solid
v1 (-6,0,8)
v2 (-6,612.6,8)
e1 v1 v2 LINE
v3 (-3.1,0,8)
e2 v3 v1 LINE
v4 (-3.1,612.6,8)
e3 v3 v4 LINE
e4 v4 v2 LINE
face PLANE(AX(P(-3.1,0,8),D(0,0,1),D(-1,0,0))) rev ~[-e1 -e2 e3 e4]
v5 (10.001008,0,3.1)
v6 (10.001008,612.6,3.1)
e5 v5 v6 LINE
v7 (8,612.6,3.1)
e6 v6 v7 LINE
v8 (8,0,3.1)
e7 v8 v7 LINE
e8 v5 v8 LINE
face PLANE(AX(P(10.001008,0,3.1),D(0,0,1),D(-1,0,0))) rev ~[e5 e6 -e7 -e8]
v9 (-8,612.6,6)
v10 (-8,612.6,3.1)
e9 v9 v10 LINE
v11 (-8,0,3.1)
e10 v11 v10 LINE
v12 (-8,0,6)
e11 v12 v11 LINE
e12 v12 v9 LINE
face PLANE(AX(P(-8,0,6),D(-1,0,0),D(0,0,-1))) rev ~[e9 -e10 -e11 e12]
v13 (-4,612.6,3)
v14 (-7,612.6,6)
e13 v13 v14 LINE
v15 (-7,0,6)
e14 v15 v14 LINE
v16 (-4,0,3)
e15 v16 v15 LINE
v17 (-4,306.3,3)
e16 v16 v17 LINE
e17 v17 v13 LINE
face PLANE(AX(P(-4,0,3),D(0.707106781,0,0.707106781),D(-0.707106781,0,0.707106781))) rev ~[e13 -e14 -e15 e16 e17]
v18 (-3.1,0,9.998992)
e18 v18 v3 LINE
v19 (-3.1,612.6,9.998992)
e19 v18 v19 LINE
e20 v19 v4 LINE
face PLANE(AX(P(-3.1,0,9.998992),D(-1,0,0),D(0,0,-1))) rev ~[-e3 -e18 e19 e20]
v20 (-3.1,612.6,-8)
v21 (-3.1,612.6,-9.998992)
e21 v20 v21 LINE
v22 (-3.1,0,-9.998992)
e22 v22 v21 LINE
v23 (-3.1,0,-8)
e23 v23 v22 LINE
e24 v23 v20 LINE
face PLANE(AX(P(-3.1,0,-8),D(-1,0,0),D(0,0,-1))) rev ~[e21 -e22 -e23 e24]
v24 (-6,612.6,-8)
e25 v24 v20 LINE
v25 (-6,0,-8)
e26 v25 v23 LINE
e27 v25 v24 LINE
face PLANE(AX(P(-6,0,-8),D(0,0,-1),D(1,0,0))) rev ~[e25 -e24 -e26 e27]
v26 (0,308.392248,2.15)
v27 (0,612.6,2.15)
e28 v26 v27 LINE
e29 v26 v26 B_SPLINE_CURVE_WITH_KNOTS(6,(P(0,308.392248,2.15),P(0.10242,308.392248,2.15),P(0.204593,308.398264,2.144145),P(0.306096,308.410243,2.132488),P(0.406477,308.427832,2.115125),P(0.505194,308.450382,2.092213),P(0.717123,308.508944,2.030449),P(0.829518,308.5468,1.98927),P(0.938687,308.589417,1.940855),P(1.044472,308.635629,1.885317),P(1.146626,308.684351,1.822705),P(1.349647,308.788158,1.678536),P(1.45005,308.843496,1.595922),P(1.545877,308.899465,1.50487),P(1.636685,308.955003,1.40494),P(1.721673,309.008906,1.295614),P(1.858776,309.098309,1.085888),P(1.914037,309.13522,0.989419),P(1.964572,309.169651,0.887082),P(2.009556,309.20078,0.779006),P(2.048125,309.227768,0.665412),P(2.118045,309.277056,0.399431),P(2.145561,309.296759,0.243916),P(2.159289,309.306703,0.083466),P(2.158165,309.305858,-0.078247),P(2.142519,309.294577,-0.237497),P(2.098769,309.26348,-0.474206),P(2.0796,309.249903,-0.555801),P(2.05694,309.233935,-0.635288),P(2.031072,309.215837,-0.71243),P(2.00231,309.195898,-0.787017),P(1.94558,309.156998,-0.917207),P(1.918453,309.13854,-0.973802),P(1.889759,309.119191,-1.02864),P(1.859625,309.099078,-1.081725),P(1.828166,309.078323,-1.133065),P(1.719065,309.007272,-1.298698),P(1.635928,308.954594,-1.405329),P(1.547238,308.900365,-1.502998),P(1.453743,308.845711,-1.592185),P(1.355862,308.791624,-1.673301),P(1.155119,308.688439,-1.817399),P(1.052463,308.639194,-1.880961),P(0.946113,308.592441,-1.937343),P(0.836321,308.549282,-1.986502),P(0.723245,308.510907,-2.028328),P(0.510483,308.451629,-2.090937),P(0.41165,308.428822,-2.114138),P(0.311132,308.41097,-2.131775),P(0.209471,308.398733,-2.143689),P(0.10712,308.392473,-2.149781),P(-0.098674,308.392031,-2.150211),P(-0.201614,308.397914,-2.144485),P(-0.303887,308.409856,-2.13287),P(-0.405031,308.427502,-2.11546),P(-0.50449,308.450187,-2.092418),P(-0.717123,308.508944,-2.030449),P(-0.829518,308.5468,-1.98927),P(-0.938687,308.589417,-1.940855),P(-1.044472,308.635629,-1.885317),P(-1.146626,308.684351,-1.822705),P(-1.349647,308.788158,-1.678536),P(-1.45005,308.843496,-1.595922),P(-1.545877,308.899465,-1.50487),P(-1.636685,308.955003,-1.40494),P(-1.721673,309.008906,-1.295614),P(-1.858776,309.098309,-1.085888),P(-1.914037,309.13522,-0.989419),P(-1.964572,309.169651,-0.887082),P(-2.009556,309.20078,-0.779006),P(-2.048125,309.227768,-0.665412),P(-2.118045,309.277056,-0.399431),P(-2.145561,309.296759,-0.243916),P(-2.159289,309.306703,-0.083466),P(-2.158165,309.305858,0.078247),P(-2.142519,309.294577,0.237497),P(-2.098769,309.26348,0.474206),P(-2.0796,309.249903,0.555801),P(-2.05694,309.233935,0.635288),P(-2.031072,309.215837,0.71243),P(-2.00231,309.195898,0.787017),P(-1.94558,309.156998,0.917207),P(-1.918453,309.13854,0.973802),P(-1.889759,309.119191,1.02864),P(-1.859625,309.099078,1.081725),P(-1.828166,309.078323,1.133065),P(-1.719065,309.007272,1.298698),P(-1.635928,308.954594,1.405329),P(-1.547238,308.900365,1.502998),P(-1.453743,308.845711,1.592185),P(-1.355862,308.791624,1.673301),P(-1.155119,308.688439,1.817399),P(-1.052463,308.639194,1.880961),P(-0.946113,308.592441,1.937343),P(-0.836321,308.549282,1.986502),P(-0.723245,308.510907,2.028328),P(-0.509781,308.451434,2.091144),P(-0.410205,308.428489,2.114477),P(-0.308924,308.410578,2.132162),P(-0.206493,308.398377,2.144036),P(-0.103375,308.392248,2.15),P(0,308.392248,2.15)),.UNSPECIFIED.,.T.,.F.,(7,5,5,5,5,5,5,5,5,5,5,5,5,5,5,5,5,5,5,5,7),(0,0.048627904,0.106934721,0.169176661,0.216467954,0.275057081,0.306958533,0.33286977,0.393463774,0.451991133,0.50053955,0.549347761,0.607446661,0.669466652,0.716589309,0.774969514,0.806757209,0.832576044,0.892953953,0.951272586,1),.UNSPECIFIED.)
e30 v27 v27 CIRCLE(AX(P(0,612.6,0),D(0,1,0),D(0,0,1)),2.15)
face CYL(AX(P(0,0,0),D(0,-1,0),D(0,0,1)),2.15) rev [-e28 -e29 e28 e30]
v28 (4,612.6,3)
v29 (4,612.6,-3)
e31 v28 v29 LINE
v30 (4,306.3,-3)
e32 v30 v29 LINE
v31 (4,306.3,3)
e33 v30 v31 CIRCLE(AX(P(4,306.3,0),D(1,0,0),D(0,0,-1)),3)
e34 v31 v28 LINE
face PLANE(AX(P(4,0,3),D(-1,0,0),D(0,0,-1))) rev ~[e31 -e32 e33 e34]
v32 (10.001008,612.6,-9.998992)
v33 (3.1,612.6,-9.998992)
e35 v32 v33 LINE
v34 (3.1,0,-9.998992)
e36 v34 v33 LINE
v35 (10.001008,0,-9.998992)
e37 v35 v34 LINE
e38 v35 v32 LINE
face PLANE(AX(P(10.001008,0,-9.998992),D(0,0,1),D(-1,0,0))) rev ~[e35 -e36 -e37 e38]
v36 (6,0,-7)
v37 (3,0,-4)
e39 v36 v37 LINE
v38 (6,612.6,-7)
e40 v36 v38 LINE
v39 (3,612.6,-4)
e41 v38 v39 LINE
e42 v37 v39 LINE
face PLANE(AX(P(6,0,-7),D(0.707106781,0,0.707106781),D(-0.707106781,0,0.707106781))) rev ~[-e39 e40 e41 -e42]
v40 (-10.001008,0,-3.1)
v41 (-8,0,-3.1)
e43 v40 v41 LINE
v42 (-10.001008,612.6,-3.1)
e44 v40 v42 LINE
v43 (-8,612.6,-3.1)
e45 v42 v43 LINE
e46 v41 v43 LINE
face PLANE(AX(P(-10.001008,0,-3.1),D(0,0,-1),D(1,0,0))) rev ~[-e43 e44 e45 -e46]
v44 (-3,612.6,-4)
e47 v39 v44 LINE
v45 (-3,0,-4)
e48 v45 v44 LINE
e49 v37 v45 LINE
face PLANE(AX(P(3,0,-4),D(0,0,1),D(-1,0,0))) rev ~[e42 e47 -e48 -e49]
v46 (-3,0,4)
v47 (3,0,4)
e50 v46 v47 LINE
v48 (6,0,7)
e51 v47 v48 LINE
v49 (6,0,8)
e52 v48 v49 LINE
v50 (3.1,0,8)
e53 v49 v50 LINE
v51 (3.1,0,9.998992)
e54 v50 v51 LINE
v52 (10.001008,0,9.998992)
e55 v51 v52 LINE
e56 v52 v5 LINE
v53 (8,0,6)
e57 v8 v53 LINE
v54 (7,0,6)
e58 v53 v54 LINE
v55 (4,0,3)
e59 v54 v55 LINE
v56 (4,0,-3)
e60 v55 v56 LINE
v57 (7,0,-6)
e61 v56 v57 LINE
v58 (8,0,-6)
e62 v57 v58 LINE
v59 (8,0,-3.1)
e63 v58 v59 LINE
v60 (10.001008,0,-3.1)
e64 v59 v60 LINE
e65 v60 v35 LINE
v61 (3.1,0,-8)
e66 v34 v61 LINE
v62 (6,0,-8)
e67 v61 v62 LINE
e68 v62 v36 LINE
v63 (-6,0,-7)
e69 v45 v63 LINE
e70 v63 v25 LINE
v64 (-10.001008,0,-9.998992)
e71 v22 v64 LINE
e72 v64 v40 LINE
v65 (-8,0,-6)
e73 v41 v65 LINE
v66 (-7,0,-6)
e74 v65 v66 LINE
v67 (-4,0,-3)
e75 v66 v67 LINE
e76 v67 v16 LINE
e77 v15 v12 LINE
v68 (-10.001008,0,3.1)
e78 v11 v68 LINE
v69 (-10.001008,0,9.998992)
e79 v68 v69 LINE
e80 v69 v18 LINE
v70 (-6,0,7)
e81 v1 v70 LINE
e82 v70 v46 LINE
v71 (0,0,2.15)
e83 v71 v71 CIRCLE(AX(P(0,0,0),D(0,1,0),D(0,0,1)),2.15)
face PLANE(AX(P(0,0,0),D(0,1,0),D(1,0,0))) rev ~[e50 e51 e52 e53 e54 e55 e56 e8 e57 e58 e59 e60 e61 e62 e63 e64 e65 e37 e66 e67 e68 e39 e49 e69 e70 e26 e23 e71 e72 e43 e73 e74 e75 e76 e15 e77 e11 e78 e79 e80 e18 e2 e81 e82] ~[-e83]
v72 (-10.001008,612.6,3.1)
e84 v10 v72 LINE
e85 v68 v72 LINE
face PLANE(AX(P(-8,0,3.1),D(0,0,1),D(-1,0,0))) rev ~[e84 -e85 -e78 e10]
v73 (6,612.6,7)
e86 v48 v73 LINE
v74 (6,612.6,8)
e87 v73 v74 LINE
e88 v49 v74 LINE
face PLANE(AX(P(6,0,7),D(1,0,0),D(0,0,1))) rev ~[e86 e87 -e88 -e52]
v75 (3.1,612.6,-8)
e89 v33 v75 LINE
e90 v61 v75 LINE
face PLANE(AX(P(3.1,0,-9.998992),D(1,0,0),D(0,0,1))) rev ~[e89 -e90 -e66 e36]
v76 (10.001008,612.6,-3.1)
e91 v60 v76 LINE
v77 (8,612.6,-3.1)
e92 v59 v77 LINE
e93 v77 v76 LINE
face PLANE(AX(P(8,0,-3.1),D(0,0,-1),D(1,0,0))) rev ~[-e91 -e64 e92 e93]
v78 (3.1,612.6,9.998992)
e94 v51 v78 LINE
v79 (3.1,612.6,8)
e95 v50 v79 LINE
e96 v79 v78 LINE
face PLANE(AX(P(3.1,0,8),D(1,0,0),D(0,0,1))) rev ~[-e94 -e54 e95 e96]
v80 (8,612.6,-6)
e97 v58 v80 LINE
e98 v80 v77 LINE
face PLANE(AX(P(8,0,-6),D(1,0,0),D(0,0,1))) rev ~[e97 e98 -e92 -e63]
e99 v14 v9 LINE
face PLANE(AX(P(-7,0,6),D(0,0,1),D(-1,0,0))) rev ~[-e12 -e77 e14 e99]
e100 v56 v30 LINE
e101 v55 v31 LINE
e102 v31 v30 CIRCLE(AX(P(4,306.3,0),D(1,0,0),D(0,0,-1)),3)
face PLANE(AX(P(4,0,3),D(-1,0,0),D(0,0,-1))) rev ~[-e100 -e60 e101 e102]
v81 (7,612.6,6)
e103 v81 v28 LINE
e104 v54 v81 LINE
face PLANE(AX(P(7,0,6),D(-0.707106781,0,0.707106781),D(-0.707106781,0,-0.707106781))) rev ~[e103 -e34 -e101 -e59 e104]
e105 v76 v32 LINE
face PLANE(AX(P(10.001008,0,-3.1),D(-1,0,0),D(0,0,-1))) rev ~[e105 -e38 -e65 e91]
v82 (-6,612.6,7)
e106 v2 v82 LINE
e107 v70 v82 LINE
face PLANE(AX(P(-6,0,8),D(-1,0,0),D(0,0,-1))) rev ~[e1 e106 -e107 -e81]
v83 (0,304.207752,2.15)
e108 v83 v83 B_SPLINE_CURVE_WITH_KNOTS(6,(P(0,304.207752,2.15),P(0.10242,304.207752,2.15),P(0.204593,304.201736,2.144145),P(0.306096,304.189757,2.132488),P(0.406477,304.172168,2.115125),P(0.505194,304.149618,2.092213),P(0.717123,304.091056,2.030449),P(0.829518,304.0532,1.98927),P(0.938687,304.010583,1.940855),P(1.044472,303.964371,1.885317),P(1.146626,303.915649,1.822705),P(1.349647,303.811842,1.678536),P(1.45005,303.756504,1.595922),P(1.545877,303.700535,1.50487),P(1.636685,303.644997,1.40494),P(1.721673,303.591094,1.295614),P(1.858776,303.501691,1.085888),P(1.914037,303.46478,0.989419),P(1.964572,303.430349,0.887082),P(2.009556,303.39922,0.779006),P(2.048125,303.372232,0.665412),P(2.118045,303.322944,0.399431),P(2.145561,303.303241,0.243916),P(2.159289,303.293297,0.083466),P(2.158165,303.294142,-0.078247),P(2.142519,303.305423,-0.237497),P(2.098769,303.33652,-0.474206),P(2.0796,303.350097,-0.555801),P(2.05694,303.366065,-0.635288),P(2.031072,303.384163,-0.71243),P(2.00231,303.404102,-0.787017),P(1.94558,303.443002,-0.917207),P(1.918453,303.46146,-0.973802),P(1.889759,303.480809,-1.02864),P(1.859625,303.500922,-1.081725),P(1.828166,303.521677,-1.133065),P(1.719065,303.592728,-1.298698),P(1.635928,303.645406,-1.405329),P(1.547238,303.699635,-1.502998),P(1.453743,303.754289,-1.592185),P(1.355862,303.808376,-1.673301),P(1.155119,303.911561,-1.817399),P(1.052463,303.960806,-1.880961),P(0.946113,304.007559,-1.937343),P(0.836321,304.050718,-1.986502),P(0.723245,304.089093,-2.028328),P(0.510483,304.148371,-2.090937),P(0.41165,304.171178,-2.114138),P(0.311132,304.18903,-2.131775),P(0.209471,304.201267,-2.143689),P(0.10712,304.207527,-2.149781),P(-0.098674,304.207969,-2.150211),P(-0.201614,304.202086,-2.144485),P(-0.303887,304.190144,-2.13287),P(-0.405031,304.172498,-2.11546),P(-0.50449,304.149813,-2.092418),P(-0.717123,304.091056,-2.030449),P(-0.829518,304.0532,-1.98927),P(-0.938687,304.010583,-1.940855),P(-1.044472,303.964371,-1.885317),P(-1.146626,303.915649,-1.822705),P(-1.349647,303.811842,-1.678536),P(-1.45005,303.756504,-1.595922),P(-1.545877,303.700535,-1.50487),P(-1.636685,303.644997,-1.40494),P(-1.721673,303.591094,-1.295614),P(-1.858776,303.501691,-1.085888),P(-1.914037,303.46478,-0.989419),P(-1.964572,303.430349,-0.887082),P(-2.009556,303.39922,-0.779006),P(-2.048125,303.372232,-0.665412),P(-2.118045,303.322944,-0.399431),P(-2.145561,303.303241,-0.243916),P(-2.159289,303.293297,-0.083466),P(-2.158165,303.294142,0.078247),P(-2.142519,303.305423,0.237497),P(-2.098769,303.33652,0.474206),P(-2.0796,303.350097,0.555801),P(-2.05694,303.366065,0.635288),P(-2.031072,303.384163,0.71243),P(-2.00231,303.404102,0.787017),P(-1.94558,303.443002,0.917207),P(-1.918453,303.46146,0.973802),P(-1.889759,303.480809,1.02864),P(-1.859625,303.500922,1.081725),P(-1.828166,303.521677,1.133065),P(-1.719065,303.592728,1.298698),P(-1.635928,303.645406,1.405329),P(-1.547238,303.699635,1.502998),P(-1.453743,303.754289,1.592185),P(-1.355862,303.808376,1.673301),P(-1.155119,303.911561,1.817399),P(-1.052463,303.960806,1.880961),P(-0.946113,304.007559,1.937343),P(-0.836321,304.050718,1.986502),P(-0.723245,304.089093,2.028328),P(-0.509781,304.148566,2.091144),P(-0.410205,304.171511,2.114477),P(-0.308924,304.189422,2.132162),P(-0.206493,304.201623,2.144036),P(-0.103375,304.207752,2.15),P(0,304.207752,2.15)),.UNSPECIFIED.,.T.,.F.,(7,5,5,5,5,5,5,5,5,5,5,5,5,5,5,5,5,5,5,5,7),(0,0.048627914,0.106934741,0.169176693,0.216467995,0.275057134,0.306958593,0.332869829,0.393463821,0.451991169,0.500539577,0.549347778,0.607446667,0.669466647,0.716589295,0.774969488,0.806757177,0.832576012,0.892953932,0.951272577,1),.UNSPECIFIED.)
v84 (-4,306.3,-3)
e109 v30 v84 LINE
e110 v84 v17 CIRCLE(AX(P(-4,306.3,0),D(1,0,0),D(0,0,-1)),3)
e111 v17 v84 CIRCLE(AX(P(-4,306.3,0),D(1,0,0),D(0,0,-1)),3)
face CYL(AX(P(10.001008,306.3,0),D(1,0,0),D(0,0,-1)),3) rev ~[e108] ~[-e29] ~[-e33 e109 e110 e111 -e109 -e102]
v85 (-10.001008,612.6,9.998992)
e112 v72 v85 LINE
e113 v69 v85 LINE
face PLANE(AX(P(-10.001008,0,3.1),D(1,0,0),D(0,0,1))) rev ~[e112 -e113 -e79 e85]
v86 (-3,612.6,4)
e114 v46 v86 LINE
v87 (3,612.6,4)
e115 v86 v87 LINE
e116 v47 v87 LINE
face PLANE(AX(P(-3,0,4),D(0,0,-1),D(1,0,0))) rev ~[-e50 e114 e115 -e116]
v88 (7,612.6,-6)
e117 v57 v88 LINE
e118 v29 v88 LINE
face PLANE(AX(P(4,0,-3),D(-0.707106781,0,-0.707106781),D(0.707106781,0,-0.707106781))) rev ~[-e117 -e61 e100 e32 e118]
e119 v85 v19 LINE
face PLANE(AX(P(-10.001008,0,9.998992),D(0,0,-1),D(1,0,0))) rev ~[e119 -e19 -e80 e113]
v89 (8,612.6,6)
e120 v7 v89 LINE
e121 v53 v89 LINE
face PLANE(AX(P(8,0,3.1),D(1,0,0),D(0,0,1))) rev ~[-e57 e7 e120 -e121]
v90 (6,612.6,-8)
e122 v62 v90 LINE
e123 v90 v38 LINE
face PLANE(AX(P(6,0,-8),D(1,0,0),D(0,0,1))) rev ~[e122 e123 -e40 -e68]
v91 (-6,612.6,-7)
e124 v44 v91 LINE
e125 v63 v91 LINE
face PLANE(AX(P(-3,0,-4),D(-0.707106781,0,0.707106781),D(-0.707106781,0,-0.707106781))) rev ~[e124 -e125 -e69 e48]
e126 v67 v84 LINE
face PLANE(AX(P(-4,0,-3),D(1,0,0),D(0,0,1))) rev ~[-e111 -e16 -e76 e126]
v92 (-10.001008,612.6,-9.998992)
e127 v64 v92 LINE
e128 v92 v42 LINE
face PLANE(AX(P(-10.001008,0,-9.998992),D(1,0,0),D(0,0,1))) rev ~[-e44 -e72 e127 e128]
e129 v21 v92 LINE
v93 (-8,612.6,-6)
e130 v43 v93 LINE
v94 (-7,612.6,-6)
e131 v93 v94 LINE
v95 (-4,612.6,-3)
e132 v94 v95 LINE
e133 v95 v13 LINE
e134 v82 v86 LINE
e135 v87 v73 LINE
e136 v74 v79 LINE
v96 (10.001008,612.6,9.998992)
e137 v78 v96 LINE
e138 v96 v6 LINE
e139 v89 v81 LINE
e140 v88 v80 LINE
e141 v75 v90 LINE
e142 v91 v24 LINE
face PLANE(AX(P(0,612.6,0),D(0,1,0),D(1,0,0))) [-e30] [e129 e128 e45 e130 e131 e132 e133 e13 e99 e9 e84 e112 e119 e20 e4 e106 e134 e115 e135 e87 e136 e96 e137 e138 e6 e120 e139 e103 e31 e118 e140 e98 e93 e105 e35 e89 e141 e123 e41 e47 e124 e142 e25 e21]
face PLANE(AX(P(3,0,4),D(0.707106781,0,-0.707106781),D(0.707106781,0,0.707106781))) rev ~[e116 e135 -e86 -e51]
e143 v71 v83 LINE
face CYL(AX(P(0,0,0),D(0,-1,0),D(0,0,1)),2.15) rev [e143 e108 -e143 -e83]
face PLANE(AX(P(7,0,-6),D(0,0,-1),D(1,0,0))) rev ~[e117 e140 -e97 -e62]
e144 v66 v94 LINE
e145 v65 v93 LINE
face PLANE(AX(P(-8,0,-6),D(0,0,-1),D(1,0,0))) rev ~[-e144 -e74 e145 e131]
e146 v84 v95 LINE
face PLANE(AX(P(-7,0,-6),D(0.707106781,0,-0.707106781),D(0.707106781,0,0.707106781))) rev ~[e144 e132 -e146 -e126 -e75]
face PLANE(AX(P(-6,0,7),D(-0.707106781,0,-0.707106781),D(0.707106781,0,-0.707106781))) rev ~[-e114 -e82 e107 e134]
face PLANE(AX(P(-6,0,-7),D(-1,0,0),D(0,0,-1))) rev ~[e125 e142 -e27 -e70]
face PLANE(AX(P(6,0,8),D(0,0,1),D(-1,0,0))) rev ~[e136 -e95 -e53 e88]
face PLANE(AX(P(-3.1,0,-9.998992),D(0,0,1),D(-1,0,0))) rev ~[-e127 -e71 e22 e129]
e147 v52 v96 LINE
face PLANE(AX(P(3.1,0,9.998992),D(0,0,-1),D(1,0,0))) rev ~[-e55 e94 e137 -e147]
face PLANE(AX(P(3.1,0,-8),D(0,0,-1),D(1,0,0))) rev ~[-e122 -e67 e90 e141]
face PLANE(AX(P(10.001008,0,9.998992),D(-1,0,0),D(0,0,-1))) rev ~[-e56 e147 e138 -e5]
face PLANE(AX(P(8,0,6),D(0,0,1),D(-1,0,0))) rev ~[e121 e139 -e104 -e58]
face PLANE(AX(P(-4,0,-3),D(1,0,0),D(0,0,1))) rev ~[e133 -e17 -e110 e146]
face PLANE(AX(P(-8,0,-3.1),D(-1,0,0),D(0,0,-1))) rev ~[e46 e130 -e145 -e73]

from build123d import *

# Parameters (mm, degrees)
SKETCH_1_R          = 2.15
EXTRUDE_1_DEPTH     = 612.6
SKETCH_3_R          = 3
CUT_EXTRUDE_1_DEPTH = 26


with BuildPart() as part:
    # 스케치1 → 보스-돌출1 (new body)
    with BuildSketch(Plane(origin=(0, 0, 0), x_dir=(1, 0, 0), z_dir=(0, 1, 0))):
        Polygon((3.1, 8), (6, 8), (6, 7), (3, 4), (0, 4), (-3, 4), (-6, 7), (-6, 8), (-3.1, 8), (-3.1, 9.998992087), (-10.001007855, 9.998992087), (-10.001007855, 3.1), (-8, 3.1), (-8, 6), (-7, 6), (-4, 3), (-4, 0), (-4, -3), (-7, -6), (-8, -6), (-8, -3.1), (-10.001007855, -3.1), (-10.001007855, -9.998992087), (-3.1, -9.998992087), (-3.1, -8), (-6, -8), (-6, -7), (-3, -4), (0, -4), (3, -4), (6, -7), (6, -8), (3.1, -8), (3.1, -9.998992087), (10.001007855, -9.998992087), (10.001007855, -3.1), (8, -3.1), (8, -6), (7, -6), (4, -3), (4, 0), (4, 3), (7, 6), (8, 6), (8, 3.1), (10.001007855, 3.1), (10.001007855, 9.998992087), (3.1, 9.998992087), align=None)
        with Locations(Location((0, 0, 0), (0, 0, 270))):
            Circle(SKETCH_1_R, mode=Mode.SUBTRACT)
    extrude(amount=EXTRUDE_1_DEPTH)

    # 스케치3 → 컷-돌출1 (cut)
    with BuildSketch(Plane(origin=(10.001007855, 0, 0), x_dir=(0, 0, -1), z_dir=(1, 0, 0))):
        with Locations((0, 306.3)):
            Circle(SKETCH_3_R)
    extrude(amount=-CUT_EXTRUDE_1_DEPTH, mode=Mode.SUBTRACT)


solid = part.part
